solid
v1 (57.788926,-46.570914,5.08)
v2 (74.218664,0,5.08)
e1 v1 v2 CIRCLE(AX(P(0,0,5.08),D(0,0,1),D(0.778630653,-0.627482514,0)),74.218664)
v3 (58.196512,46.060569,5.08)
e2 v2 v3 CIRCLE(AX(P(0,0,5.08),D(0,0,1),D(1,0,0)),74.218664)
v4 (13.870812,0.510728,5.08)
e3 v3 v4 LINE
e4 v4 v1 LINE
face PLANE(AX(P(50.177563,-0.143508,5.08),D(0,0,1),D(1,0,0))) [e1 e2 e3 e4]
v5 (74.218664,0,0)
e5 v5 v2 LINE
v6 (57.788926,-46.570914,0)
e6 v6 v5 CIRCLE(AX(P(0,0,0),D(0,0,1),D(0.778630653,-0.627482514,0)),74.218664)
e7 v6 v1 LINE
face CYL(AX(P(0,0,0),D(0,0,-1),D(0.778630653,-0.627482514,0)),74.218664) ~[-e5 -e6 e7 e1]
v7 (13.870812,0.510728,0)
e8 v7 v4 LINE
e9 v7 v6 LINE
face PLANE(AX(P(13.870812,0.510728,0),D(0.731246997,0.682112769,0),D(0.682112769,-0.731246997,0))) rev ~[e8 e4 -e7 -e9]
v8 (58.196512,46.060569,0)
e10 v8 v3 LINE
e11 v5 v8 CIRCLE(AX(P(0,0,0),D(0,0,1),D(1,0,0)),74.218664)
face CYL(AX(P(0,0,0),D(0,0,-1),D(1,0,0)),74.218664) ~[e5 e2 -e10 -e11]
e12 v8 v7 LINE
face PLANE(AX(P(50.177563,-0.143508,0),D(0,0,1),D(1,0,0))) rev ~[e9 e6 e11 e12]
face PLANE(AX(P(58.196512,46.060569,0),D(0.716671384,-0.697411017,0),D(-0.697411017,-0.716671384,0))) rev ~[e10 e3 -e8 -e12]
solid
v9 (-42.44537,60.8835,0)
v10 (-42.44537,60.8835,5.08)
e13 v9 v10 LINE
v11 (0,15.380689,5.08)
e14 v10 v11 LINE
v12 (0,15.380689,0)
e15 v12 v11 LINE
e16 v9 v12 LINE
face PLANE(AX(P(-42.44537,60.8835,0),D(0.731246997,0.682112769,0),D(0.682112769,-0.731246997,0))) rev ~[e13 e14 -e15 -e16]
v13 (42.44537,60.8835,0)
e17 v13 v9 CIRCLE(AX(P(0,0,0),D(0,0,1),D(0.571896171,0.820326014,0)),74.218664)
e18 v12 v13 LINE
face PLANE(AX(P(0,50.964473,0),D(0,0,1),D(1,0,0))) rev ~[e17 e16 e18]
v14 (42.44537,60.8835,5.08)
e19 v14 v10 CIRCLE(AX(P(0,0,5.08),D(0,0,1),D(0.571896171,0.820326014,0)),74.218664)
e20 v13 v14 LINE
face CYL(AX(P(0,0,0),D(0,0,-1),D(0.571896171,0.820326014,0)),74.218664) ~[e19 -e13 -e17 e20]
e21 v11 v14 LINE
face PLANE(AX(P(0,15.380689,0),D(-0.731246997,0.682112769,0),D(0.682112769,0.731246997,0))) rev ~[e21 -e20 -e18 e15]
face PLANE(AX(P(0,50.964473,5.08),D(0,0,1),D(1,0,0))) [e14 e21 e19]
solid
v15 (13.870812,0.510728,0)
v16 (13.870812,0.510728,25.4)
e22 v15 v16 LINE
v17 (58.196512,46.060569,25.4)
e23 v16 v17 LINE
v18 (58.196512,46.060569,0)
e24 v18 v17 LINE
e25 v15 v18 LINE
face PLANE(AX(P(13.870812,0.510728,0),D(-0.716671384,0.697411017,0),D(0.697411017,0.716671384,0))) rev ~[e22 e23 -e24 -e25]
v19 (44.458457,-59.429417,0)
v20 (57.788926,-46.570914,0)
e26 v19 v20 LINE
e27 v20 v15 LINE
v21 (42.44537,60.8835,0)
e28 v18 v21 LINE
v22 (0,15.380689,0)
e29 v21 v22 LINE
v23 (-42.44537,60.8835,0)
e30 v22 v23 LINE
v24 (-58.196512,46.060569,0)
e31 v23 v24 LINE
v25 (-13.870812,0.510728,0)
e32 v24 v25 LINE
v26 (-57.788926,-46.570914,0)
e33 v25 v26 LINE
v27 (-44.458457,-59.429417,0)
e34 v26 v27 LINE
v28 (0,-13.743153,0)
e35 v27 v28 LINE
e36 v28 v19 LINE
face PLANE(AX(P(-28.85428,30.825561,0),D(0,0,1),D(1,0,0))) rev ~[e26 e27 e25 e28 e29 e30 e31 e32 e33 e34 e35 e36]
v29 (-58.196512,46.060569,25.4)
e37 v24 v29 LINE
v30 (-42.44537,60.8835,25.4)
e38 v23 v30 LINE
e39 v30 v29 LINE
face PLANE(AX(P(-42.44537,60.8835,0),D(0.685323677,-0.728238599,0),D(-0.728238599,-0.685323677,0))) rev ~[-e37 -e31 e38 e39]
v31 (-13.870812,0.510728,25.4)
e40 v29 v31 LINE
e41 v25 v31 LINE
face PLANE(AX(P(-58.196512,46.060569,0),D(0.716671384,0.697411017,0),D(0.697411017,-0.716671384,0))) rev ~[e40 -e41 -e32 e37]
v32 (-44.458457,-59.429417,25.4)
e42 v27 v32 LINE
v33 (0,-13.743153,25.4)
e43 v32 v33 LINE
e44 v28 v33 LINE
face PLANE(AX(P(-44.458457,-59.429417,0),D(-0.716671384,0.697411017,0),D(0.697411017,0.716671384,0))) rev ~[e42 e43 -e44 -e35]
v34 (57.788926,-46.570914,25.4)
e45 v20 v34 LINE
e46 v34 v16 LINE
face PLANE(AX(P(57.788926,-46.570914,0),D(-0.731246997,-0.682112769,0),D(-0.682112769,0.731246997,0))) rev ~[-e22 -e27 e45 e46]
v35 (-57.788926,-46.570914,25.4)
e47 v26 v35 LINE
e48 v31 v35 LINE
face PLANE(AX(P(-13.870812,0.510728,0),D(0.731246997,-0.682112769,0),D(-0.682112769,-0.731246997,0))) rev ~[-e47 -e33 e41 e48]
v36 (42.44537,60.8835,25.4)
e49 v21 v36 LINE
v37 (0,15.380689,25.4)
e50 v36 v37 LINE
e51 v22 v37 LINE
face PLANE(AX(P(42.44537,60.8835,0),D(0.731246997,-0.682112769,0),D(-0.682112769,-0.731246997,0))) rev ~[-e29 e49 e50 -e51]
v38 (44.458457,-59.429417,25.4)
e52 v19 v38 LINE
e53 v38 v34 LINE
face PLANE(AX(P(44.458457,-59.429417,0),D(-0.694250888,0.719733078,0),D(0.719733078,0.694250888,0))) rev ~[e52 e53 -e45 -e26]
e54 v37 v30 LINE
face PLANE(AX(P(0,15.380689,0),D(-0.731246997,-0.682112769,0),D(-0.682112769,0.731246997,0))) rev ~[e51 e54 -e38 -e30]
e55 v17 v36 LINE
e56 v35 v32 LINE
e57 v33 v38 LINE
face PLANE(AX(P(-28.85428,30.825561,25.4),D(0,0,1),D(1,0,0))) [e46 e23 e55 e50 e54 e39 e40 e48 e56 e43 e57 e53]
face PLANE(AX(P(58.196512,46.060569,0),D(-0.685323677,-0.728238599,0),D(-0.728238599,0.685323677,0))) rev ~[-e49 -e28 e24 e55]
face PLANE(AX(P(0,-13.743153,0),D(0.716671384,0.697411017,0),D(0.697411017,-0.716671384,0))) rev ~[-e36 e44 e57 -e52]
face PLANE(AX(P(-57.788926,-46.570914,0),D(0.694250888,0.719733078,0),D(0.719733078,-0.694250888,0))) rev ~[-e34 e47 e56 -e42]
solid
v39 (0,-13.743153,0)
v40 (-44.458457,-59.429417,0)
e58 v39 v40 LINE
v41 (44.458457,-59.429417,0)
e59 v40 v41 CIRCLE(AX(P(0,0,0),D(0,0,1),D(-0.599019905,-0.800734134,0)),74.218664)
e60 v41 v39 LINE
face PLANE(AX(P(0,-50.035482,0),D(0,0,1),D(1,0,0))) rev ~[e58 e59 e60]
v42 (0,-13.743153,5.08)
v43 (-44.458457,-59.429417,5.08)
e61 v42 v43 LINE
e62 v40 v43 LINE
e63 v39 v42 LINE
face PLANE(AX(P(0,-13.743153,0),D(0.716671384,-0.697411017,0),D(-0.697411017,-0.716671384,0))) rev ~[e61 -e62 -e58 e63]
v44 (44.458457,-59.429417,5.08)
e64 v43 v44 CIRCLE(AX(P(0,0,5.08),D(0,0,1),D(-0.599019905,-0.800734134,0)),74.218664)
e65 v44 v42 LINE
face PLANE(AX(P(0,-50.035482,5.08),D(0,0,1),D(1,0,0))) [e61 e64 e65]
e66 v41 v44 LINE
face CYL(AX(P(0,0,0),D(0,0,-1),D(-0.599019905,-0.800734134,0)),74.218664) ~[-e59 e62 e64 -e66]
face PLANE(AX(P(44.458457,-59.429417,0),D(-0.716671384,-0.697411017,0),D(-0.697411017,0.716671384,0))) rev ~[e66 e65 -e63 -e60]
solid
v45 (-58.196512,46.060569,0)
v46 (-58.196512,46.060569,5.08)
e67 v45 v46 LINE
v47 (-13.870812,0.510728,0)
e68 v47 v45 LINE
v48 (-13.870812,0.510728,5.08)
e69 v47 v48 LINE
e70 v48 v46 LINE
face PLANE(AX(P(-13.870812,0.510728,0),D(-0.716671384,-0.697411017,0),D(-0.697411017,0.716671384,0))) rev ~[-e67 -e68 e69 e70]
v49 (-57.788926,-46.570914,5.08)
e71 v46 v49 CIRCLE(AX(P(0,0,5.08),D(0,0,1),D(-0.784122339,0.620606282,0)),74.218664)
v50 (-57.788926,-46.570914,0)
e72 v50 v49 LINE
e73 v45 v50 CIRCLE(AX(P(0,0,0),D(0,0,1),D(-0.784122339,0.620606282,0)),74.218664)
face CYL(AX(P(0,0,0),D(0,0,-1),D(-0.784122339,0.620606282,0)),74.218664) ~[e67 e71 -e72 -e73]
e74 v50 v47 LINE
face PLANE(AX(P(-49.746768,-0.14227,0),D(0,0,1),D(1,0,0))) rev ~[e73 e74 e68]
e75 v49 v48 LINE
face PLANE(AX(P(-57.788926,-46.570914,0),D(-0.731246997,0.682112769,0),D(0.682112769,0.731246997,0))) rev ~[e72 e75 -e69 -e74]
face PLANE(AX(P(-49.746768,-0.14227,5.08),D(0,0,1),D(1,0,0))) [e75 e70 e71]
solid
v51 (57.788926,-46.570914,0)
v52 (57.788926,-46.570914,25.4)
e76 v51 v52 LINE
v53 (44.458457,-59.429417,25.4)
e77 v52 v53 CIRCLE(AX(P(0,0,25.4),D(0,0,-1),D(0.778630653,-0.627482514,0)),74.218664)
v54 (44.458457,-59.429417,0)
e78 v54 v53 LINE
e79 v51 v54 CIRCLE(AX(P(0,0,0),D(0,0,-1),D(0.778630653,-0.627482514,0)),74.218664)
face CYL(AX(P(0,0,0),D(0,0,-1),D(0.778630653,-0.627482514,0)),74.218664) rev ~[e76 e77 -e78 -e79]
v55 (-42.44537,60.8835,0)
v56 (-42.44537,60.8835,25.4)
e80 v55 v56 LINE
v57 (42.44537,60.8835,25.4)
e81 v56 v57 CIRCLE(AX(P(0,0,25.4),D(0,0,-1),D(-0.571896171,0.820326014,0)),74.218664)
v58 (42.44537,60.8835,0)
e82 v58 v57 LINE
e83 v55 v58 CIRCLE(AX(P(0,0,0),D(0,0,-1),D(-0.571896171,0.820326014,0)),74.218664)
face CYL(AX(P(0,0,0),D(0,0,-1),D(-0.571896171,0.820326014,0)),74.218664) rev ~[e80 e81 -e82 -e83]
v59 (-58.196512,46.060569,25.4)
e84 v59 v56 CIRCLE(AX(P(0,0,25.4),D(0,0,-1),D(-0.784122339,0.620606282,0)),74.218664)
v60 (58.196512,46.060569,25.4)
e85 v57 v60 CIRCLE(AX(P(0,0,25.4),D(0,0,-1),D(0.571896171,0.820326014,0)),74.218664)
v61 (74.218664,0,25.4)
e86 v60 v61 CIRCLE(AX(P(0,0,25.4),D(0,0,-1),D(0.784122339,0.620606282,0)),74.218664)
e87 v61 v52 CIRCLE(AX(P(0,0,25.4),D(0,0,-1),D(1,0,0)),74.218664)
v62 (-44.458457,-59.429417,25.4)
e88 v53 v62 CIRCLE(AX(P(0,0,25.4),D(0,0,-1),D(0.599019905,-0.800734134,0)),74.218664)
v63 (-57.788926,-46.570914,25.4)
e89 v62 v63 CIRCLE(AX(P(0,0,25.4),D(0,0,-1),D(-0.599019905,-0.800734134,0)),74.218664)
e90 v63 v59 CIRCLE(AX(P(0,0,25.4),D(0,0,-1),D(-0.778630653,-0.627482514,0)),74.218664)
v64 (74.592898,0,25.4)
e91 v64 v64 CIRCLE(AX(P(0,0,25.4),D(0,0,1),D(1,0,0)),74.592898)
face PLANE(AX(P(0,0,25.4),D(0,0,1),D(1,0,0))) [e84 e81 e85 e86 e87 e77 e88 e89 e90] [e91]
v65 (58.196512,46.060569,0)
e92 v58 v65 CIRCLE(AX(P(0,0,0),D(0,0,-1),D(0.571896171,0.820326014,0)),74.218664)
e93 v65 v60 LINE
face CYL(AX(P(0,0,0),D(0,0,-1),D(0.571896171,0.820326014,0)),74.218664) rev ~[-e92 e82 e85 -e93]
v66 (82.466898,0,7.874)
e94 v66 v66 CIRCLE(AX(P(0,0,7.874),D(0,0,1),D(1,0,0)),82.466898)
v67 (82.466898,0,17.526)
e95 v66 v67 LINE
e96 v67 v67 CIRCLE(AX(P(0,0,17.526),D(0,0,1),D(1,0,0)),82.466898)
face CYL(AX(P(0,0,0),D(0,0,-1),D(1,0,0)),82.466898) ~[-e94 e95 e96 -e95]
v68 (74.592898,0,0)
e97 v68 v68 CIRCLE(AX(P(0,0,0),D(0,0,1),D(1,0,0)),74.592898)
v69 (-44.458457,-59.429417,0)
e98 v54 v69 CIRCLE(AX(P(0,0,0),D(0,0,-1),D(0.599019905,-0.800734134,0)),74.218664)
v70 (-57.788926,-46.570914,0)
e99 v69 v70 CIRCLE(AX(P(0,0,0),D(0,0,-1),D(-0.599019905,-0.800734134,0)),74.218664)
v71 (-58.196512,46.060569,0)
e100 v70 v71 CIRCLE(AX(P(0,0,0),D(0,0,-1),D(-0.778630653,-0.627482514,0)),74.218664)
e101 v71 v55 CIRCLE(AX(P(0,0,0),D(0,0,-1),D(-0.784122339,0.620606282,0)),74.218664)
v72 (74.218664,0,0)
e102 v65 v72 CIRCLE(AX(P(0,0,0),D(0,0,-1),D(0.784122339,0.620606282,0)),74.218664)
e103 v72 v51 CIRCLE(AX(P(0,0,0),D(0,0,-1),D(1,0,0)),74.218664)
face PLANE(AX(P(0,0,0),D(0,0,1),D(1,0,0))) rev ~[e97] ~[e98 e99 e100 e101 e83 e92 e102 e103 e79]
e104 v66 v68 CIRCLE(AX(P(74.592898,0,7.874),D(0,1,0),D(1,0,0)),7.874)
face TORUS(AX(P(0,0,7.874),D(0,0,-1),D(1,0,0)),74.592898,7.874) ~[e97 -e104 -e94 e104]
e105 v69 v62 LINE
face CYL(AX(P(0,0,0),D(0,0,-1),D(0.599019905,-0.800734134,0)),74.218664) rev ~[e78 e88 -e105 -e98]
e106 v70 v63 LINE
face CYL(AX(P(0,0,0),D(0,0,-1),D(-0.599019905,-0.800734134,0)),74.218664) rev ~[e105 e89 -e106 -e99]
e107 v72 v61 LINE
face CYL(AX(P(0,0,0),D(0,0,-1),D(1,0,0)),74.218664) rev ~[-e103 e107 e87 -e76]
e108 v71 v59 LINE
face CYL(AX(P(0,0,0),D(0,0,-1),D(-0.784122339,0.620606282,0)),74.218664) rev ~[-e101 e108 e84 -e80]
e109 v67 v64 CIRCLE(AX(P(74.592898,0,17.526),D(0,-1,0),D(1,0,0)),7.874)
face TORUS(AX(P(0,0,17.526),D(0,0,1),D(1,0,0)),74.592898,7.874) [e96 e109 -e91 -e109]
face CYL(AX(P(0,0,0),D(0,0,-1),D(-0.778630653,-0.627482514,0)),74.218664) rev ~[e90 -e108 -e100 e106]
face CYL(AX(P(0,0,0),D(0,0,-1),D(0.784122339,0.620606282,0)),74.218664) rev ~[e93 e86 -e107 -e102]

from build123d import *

# Parameters (mm, degrees)
F1_DEPTH = 25.4
F0_R     = 82.4668975971
F2_DEPTH = 5.08
F3_R     = 7.874


with BuildPart() as f1:
    # F0 (on Top) → F1 (new body)
    with BuildSketch(Plane.XY):
        Polygon((0, 15.3806885805), (-42.4453695306, 60.8835004164), (-58.196512046, 46.0605688547), (-13.870812228, 0.5107283044), align=None)
        Polygon((13.870812228, 0.5107283044), (58.196512046, 46.0605688547), (42.4453695306, 60.8835004164), (0, 15.3806885805), align=None)
        Polygon((0, -13.7431534816), (13.870812228, 0.5107283044), (0, 15.3806885805), (-13.870812228, 0.5107283044), align=None)
        Polygon((-44.4584567484, -59.429417304), (0, -13.7431534816), (-13.870812228, 0.5107283044), (-57.7889264788, -46.5709136047), align=None)
        Polygon((44.4584567484, -59.429417304), (57.7889264788, -46.5709136047), (13.870812228, 0.5107283044), (0, -13.7431534816), align=None)
    extrude(amount=F1_DEPTH)


with BuildPart() as f1b:
    # F0 (on Top) → F1, piece 2 (new body)
    with BuildSketch(Plane.XY):
        Circle(F0_R)
        with BuildLine():
            ThreePointArc((58.196512046, 46.0605688547), (70.0987780359, 24.383833485), (74.2186635392, 0))
            ThreePointArc((74.2186635392, 0), (69.990809783, -24.6920344132), (57.7889264788, -46.5709136047))
            ThreePointArc((57.7889264788, -46.5709136047), (51.5263730875, -53.4176271843), (44.4584567484, -59.429417304))
            ThreePointArc((44.4584567484, -59.429417304), (0, -74.2186635392), (-44.4584567484, -59.429417304))
            ThreePointArc((-44.4584567484, -59.429417304), (-51.5263730875, -53.4176271843), (-57.7889264788, -46.5709136047))
            ThreePointArc((-57.7889264788, -46.5709136047), (-74.2179450881, -0.3265646025), (-58.196512046, 46.0605688547))
            ThreePointArc((-58.196512046, 46.0605688547), (-50.8638074356, 54.0488955549), (-42.4453695306, 60.8835004164))
            ThreePointArc((-42.4453695306, 60.8835004164), (0, 74.2186635392), (42.4453695306, 60.8835004164))
            ThreePointArc((42.4453695306, 60.8835004164), (50.8638074356, 54.0488955549), (58.196512046, 46.0605688547))
        make_face(mode=Mode.SUBTRACT)
    extrude(amount=F1_DEPTH)

    # F3
    f3_edges = [f1b.edges().sort_by_distance(p)[0] for p in [
        (-82.466898, 0, 25.4),
        (-82.466898, 0, 0),
    ]]
    fillet(f3_edges, radius=F3_R)


with BuildPart() as f2:
    # F0 (on Top) → F2 (new body)
    with BuildSketch(Plane.XY):
        with BuildLine():
            Line((-13.870812228, 0.5107283044), (-58.196512046, 46.0605688547))
            ThreePointArc((-58.196512046, 46.0605688547), (-74.2179450881, -0.3265646025), (-57.7889264788, -46.5709136047))
            Line((-57.7889264788, -46.5709136047), (-13.870812228, 0.5107283044))
        make_face()
    extrude(amount=F2_DEPTH)


with BuildPart() as f2b:
    # F0 (on Top) → F2, piece 2 (new body)
    with BuildSketch(Plane.XY):
        with BuildLine():
            Line((0, 15.3806885805), (42.4453695306, 60.8835004164))
            ThreePointArc((42.4453695306, 60.8835004164), (0, 74.2186635392), (-42.4453695306, 60.8835004164))
            Line((-42.4453695306, 60.8835004164), (0, 15.3806885805))
        make_face()
    extrude(amount=F2_DEPTH)


with BuildPart() as f2c:
    # F0 (on Top) → F2, piece 3 (new body)
    with BuildSketch(Plane.XY):
        with BuildLine():
            ThreePointArc((57.7889264788, -46.5709136047), (69.990809783, -24.6920344132), (74.2186635392, 0))
            ThreePointArc((74.2186635392, 0), (70.0987780359, 24.383833485), (58.196512046, 46.0605688547))
            Line((58.196512046, 46.0605688547), (13.870812228, 0.5107283044))
            Line((13.870812228, 0.5107283044), (57.7889264788, -46.5709136047))
        make_face()
    extrude(amount=F2_DEPTH)


with BuildPart() as f2d:
    # F0 (on Top) → F2, piece 4 (new body)
    with BuildSketch(Plane.XY):
        with BuildLine():
            ThreePointArc((-44.4584567484, -59.429417304), (0, -74.2186635392), (44.4584567484, -59.429417304))
            Line((44.4584567484, -59.429417304), (0, -13.7431534816))
            Line((0, -13.7431534816), (-44.4584567484, -59.429417304))
        make_face()
    extrude(amount=F2_DEPTH)


solid = Compound([f1.part, f1b.part, f2.part, f2b.part, f2c.part, f2d.part])
